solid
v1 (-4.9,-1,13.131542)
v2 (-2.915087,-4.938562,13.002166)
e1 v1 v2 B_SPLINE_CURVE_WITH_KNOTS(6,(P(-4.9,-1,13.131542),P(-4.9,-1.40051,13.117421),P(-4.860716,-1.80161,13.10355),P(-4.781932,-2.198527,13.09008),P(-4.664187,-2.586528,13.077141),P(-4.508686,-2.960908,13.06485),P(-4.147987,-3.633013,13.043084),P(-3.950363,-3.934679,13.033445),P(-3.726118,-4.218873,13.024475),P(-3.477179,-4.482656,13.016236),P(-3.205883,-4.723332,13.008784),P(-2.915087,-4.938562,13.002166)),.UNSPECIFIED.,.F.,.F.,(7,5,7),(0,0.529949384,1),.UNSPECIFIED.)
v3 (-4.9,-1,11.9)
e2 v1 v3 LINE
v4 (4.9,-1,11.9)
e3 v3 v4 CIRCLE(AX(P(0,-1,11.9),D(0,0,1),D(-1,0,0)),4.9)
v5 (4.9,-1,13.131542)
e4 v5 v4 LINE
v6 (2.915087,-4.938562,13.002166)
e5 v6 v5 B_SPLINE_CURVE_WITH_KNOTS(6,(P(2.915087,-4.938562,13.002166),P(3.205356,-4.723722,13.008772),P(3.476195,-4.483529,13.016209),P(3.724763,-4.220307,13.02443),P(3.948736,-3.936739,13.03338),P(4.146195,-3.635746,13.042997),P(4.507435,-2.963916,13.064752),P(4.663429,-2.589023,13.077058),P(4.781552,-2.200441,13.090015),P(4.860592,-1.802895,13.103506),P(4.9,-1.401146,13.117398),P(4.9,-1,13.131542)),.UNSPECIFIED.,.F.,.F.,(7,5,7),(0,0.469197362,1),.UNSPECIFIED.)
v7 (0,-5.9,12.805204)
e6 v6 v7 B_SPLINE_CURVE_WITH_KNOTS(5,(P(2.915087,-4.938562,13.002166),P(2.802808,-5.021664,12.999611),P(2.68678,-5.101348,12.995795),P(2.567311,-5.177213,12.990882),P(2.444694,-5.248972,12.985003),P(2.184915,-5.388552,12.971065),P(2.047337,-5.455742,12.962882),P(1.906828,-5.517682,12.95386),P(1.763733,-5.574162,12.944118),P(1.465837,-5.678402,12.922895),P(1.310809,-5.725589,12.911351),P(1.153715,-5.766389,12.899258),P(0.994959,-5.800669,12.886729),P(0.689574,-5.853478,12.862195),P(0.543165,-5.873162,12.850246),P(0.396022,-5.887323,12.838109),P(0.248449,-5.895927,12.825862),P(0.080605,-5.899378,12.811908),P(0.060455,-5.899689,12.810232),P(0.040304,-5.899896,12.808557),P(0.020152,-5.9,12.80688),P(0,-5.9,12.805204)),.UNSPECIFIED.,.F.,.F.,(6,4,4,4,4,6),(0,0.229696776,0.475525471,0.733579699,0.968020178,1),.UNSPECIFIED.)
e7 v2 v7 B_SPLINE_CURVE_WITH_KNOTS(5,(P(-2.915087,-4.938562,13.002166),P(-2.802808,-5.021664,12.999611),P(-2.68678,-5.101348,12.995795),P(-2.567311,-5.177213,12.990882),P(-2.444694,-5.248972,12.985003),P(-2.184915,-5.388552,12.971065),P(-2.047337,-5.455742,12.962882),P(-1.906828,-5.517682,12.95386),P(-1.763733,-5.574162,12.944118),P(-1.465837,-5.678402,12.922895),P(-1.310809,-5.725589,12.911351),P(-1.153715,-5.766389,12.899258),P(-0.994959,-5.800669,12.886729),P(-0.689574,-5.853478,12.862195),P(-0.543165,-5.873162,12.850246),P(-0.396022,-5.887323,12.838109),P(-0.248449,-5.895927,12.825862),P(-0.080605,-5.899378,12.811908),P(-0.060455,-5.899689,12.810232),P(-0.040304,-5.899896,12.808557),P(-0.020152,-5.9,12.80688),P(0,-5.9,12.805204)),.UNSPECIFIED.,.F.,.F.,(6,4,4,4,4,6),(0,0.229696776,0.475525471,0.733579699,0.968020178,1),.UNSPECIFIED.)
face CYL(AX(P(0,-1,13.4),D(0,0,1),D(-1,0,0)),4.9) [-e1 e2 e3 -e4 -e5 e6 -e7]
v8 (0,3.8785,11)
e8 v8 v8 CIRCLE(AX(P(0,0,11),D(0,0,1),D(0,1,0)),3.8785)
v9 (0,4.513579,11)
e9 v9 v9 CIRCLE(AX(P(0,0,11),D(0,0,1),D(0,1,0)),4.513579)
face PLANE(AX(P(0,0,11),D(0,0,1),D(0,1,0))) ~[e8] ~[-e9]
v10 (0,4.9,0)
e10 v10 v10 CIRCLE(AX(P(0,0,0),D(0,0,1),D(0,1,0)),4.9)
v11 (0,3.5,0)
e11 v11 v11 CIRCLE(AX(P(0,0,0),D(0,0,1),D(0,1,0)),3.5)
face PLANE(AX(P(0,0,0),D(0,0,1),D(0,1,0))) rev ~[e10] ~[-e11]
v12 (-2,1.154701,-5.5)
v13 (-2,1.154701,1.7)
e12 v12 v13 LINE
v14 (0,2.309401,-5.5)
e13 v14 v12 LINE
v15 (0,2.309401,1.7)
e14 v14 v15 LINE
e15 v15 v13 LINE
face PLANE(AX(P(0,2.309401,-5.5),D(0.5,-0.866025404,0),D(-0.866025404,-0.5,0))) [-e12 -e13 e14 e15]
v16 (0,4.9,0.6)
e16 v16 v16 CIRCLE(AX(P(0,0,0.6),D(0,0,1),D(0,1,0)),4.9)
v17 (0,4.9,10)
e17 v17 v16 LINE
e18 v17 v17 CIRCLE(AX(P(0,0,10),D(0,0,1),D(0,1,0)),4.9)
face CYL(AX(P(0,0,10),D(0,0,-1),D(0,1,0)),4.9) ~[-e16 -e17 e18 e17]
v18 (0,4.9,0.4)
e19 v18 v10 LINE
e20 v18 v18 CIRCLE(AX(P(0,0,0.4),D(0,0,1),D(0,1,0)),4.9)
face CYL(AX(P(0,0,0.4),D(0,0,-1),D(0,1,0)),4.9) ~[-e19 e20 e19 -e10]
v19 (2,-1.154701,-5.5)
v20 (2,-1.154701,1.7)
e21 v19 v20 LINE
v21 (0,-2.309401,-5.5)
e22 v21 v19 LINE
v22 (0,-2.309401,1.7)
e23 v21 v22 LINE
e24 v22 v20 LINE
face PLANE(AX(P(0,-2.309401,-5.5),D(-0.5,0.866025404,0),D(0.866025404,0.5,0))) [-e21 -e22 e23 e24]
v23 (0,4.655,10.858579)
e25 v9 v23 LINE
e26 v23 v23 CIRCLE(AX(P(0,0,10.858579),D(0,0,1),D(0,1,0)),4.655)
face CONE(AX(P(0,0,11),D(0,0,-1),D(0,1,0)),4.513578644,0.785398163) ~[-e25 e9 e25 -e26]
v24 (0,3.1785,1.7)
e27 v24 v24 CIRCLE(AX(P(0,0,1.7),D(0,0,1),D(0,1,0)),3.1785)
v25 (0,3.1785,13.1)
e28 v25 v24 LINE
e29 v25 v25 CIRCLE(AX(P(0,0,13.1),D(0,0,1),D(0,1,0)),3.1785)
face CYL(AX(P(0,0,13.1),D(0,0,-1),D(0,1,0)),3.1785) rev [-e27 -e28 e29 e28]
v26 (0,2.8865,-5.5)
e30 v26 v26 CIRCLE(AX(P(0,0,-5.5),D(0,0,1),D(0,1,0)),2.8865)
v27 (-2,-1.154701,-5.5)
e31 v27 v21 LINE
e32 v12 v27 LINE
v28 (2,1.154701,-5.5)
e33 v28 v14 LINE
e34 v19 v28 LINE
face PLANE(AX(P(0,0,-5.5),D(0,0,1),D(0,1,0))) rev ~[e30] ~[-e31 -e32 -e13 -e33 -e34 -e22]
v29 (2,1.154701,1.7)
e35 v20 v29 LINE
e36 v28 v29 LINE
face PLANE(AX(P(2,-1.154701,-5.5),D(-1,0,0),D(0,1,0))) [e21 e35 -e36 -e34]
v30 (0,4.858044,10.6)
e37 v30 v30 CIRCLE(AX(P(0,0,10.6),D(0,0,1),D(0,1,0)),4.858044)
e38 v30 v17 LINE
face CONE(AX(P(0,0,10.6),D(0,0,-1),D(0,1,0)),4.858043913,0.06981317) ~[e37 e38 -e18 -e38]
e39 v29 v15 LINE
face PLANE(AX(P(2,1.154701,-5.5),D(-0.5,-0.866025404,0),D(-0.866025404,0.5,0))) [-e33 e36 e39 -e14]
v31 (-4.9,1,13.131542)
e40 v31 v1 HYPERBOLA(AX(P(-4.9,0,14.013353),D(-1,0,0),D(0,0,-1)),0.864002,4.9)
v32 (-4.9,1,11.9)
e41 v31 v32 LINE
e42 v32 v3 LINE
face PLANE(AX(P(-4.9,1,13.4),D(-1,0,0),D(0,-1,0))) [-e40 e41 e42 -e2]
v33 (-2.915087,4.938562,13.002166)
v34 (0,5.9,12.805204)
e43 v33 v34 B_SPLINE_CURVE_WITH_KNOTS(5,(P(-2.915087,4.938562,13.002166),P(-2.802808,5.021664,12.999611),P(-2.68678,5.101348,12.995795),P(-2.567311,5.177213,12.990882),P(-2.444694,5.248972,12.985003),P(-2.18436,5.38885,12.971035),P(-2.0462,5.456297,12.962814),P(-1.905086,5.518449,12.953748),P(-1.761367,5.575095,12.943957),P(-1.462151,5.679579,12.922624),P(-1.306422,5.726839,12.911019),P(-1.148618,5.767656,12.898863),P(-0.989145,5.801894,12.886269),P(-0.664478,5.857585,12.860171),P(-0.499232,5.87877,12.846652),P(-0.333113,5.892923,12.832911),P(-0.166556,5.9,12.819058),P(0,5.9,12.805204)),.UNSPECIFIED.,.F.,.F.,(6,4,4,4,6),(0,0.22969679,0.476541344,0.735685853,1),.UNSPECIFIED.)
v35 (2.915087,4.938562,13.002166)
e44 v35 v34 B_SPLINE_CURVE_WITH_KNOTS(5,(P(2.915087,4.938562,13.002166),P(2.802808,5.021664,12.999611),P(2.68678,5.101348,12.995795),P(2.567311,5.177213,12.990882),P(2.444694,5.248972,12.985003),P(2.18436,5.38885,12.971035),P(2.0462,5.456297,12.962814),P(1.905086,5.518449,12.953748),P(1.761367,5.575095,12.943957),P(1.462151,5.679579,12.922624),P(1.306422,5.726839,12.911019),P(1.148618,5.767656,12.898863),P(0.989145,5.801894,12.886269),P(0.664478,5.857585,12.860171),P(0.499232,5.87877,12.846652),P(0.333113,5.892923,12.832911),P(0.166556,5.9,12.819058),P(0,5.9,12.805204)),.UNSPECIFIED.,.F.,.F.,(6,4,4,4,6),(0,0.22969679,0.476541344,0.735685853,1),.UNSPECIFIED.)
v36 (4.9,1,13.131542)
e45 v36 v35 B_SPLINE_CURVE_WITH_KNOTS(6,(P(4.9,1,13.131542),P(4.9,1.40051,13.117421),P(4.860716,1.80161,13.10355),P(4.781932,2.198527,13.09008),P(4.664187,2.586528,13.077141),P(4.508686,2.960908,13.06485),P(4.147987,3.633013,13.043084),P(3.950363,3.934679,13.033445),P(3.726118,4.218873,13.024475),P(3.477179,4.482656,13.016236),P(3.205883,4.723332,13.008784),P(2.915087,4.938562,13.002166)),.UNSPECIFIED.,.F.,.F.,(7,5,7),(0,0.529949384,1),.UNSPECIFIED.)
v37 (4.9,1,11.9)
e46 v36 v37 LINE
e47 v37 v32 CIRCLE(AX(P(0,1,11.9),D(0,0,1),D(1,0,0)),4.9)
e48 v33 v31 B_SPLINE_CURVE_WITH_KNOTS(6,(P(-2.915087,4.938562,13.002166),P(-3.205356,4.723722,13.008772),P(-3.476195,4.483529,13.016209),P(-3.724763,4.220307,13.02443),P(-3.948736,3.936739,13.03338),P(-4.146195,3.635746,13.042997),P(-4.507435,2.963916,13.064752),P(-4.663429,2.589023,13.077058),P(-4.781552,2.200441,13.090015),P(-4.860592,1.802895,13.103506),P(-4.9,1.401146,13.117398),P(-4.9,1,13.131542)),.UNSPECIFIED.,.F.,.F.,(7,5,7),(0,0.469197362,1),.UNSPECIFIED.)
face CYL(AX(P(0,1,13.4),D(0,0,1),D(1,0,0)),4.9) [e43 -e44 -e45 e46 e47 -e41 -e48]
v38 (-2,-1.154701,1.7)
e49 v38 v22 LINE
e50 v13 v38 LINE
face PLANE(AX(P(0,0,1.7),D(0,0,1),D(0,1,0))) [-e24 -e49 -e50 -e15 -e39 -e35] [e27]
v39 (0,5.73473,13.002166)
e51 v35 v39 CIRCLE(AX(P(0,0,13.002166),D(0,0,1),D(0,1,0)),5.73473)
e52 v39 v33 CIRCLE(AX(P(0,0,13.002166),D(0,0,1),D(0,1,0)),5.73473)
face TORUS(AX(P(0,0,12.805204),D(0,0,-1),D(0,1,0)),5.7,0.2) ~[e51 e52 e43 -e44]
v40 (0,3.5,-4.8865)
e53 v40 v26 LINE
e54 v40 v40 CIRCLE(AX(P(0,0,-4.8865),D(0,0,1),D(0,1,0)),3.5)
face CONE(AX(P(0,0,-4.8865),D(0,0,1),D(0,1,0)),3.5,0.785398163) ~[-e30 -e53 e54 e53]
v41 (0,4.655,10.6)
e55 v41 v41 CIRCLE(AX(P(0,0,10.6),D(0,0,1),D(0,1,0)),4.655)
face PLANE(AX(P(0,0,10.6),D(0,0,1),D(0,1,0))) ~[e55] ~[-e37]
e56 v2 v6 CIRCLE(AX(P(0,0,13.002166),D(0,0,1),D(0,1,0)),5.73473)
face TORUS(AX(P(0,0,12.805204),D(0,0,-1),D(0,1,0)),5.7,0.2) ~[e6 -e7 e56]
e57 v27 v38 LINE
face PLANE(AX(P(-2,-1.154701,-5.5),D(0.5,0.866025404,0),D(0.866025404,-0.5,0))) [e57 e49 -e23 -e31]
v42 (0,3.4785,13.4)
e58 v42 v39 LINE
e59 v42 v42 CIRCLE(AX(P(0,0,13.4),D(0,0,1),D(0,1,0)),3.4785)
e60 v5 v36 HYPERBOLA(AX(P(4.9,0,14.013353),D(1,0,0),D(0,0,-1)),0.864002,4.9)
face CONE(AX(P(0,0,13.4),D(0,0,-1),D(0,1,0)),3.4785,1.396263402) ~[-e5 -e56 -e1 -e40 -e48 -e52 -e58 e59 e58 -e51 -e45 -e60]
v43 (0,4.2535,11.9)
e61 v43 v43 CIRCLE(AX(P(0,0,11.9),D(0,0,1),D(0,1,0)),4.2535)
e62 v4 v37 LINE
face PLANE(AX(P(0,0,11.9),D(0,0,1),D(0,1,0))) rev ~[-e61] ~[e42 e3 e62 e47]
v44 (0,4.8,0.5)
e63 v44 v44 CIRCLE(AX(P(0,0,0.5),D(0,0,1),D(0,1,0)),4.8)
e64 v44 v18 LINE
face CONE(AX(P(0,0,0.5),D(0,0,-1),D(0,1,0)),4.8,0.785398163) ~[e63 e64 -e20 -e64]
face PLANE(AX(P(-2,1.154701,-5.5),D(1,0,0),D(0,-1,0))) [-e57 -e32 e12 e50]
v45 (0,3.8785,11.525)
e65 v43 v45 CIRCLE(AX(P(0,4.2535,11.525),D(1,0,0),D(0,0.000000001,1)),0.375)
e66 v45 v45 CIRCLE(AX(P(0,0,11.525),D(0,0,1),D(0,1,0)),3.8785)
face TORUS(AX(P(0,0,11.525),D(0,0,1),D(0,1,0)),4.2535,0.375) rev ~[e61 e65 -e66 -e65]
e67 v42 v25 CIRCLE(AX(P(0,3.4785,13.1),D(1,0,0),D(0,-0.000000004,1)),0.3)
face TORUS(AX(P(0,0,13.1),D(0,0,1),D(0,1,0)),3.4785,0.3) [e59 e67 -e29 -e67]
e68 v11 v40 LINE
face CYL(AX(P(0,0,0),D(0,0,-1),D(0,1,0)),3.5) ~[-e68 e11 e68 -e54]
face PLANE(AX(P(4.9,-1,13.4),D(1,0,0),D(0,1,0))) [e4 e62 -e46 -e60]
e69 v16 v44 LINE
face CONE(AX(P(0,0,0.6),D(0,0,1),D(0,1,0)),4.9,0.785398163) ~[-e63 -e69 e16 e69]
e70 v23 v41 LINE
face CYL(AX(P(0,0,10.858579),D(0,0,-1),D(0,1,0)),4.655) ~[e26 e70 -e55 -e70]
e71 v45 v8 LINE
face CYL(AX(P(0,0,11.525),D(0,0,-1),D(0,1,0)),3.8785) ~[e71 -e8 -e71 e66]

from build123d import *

# Parameters (mm, degrees)
SKIZZE2_W               = 23.6
SKIZZE2_H               = 23.6
LINEAR_AUSTRAGEN1_DEPTH = 1.5
LINEAR_AUSTRAGEN2_DEPTH = 7.2


with BuildPart() as part:
    # Skizze1 → Rotation1 (revolve)
    with BuildSketch(Plane(origin=(0, 0, 0), x_dir=(0, 0, -1), z_dir=(1, 0, 0))):
        with BuildLine():
            Line((-13.4, 0), (-13.4, 3.4785))
            Line((-13.4, 3.4785), (-13.002165841, 5.734729636))
            ThreePointArc((-13.002165841, 5.734729636), (-12.933761812, 5.853208889), (-12.80520429, 5.9))
            Line((-12.80520429, 5.9), (-11.9, 5.9))
            Line((-11.9, 5.9), (-11.9, 4.2535))
            ThreePointArc((-11.9, 4.2535), (-11.790165043, 3.988334957), (-11.525, 3.8785))
            Line((-11.525, 3.8785), (-11, 3.8785))
            Line((-11, 3.8785), (-11, 4.513578644))
            Line((-11, 4.513578644), (-10.858578644, 4.655))
            Line((-10.858578644, 4.655), (-10.6, 4.655))
            Line((-10.6, 4.655), (-10.6, 4.858043913))
            Line((-10.6, 4.858043913), (-10, 4.9))
            Line((-10, 4.9), (-0.6, 4.9))
            Line((-0.6, 4.9), (-0.5, 4.8))
            Line((-0.5, 4.8), (-0.4, 4.9))
            Line((-0.4, 4.9), (0, 4.9))
            Line((0, 4.9), (0, 3.5))
            Line((0, 3.5), (4.8865, 3.5))
            Line((4.8865, 3.5), (5.5, 2.8865))
            Line((5.5, 2.8865), (5.5, 0))
            Line((5.5, 0), (-13.4, 0))
        make_face()
    revolve(axis=Axis((0, 0, -5.5), (0, 0, 1)))

    # Skizze2 → Linear austragen1 (cut)
    with BuildSketch(Plane.XY.offset(13.4)):
        Rectangle(SKIZZE2_W, SKIZZE2_H)
        with BuildLine():
            Line((4.9, -1), (4.9, 1))
            ThreePointArc((4.9, 1), (0, 5.9), (-4.9, 1))
            Line((-4.9, 1), (-4.9, -1))
            ThreePointArc((-4.9, -1), (0, -5.9), (4.9, -1))
        make_face(mode=Mode.SUBTRACT)
    extrude(amount=-LINEAR_AUSTRAGEN1_DEPTH, mode=Mode.SUBTRACT)

    # Skizze3 → Linear austragen2 (cut)
    with BuildSketch(Plane.XY.offset(-5.5)):
        Polygon((-2, 1.154700538), (-2, -1.154700538), (0, -2.309401077), (2, -1.154700538), (2, 1.154700538), (0, 2.309401077), align=None)
    extrude(amount=LINEAR_AUSTRAGEN2_DEPTH, mode=Mode.SUBTRACT)

    # Skizze4 → Schnitt-Rotation1 (revolve, cut)
    with BuildSketch(Plane(origin=(0, 0, 0), x_dir=(0, 0, -1), z_dir=(1, 0, 0))):
        with BuildLine():
            Line((-13.4, 0), (-13.4, 3.4785))
            ThreePointArc((-13.4, 3.4785), (-13.312132034, 3.266367966), (-13.1, 3.1785))
            Line((-13.1, 3.1785), (-1.7, 3.1785))
            Line((-1.7, 3.1785), (-1.7, 0))
            Line((-1.7, 0), (-13.4, 0))
        make_face()
    revolve(axis=Axis((0, 0, 1.7), (0, 0, 1)), mode=Mode.SUBTRACT)


solid = part.part
